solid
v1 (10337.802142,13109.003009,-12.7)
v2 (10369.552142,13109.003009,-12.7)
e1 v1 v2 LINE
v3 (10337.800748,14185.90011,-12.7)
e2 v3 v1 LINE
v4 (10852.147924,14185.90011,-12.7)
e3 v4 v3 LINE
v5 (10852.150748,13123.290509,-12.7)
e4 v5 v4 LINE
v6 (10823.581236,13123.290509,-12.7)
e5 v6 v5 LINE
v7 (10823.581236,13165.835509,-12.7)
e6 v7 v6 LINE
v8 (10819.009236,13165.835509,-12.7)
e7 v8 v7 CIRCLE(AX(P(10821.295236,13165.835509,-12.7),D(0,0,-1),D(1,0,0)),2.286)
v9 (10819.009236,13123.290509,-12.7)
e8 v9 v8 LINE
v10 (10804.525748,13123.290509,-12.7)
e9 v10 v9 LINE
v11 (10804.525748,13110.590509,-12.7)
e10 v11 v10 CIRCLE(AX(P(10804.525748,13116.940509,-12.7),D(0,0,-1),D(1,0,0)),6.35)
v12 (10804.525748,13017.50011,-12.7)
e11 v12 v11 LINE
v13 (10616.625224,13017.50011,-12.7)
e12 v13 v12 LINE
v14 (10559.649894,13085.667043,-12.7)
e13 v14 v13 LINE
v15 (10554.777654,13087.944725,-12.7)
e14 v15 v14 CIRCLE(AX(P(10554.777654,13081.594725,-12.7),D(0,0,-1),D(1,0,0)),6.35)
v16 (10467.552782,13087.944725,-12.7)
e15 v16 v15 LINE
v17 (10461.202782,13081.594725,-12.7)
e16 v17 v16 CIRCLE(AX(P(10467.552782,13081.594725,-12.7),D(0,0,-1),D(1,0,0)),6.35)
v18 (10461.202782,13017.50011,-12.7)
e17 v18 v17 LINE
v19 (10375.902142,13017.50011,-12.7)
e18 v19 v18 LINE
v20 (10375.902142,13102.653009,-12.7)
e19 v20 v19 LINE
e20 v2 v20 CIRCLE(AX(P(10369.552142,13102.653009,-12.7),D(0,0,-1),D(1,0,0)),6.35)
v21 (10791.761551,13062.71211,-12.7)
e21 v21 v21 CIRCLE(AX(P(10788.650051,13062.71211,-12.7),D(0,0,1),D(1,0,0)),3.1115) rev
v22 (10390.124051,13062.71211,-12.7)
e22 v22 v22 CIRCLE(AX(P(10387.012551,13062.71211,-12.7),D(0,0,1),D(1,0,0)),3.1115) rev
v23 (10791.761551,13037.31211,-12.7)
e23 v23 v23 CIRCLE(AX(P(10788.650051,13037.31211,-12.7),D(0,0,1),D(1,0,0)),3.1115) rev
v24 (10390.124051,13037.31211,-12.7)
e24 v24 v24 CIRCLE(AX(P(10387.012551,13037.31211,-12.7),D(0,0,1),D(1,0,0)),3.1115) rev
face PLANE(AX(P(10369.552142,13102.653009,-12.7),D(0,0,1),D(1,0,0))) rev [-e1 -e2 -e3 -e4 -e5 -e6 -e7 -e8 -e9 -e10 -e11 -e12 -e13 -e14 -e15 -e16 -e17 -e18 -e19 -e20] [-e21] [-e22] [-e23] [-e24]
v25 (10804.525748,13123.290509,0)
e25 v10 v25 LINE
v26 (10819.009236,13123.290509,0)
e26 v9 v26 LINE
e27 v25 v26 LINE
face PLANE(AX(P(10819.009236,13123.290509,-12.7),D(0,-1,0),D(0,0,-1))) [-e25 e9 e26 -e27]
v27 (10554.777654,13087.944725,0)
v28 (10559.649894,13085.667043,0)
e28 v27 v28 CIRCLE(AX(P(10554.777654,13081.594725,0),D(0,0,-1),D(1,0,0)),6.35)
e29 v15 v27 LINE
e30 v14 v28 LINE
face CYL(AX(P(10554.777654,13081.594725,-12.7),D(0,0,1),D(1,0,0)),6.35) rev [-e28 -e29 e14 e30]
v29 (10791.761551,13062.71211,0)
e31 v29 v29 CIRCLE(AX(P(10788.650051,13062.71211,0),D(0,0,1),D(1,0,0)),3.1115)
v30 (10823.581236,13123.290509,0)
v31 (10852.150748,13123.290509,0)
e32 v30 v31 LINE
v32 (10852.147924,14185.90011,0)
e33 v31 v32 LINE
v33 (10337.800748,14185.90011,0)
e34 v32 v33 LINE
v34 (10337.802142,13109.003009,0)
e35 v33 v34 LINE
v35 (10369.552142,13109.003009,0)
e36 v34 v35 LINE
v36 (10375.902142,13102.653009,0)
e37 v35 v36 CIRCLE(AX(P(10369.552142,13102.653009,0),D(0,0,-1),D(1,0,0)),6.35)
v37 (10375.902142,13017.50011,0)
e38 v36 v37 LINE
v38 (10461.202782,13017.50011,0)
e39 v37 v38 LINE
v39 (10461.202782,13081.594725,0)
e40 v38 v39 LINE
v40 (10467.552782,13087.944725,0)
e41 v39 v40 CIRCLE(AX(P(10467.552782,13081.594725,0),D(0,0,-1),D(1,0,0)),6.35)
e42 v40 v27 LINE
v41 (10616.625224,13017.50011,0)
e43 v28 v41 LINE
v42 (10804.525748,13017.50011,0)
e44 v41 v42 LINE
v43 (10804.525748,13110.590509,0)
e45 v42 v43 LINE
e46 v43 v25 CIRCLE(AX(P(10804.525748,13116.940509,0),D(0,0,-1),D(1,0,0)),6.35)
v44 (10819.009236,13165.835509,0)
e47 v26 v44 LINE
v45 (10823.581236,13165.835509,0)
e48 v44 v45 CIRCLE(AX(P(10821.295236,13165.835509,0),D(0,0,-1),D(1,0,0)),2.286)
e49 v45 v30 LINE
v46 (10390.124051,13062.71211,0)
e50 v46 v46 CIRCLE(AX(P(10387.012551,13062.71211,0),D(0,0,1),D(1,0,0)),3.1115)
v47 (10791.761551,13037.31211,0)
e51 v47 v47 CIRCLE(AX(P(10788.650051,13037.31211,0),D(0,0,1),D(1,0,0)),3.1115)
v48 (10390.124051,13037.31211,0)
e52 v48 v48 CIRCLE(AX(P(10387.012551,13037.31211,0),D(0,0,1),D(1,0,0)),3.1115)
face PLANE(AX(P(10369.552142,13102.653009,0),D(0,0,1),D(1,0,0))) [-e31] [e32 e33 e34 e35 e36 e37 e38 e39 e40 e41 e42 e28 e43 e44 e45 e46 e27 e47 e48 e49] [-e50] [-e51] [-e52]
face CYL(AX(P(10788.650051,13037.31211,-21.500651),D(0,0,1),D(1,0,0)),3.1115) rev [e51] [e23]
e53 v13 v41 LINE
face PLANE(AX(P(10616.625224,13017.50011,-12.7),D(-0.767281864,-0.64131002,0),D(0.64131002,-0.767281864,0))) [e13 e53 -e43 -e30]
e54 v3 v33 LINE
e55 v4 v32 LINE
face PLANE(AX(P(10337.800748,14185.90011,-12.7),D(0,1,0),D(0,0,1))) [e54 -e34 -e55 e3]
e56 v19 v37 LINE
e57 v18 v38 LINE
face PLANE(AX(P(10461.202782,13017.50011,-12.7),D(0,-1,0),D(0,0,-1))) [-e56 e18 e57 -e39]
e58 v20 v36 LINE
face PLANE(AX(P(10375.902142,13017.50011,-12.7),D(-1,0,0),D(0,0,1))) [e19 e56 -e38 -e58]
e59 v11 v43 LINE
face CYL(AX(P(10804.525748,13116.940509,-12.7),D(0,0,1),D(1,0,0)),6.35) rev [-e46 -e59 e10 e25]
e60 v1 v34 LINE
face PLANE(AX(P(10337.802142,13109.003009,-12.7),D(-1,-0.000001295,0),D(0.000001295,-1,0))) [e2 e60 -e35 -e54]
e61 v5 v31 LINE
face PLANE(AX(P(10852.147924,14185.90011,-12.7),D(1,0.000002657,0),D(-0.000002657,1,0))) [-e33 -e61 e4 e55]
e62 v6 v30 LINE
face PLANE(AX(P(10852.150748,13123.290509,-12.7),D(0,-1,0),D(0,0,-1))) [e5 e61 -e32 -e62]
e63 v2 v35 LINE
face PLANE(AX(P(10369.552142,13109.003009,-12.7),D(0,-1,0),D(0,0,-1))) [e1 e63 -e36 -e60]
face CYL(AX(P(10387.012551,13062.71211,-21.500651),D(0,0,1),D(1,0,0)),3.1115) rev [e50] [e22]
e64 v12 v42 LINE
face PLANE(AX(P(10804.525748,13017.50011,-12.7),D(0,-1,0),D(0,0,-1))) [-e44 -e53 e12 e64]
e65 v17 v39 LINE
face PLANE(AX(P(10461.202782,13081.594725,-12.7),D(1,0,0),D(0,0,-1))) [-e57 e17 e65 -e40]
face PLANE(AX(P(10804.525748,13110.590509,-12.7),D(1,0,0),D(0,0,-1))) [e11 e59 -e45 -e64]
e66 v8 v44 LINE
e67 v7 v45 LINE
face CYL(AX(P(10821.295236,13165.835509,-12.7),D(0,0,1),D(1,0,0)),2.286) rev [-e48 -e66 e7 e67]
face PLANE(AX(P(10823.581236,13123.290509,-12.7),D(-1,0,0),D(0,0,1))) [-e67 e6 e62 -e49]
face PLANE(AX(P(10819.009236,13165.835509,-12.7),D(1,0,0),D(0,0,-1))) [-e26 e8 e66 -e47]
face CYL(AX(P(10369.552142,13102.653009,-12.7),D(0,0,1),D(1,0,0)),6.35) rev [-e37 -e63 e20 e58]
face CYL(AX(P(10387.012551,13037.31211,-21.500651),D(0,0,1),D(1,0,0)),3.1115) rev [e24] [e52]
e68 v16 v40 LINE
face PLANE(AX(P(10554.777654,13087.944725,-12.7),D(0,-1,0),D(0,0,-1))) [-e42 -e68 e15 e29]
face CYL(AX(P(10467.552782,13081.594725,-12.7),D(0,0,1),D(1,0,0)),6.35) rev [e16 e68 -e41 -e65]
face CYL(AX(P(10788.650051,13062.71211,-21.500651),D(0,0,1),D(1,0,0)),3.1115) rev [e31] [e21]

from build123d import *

# Parameters (mm, degrees)
EXTRUDE1_DEPTH     = 12.7
SKETCH3_R          = 3.1115
CUT_EXTRUDE1_DEPTH = 12.7


with BuildPart() as part:
    # Sketch2 → Extrude1 (new body)
    with BuildSketch(Plane.XY):
        with BuildLine():
            Line((10375.902142089, 13017.500110193), (10375.902142089, 13102.653009206))
            ThreePointArc((10375.902142089, 13102.653009206), (10374.042270149, 13107.143137266), (10369.552142089, 13109.003009206))
            Line((10369.552142089, 13109.003009206), (10337.802142089, 13109.003009206))
            Line((10337.802142089, 13109.003009206), (10337.800747814, 14185.900110193))
            Line((10337.800747814, 14185.900110193), (10852.147924282, 14185.900110193))
            Line((10852.147924282, 14185.900110193), (10852.150747814, 13123.290509206))
            Line((10852.150747814, 13123.290509206), (10823.581236416, 13123.290509206))
            Line((10823.581236416, 13123.290509206), (10823.581236416, 13165.835509206))
            ThreePointArc((10823.581236416, 13165.835509206), (10821.295236416, 13168.121509206), (10819.009236416, 13165.835509206))
            Line((10819.009236416, 13165.835509206), (10819.009236416, 13123.290509206))
            Line((10819.009236416, 13123.290509206), (10804.525747814, 13123.290509206))
            ThreePointArc((10804.525747814, 13123.290509206), (10798.175747814, 13116.940509206), (10804.525747814, 13110.590509206))
            Line((10804.525747814, 13110.590509206), (10804.525747814, 13017.500110193))
            Line((10804.525747814, 13017.500110193), (10616.625223517, 13017.500110193))
            Line((10616.625223517, 13017.500110193), (10559.649893716, 13085.667043341))
            ThreePointArc((10559.649893716, 13085.667043341), (10557.466824452, 13087.347190416), (10554.77765388, 13087.944724716))
            Line((10554.77765388, 13087.944724716), (10467.552782059, 13087.944724716))
            ThreePointArc((10467.552782059, 13087.944724716), (10463.062653998, 13086.084852777), (10461.202782059, 13081.594724716))
            Line((10461.202782059, 13081.594724716), (10461.202782059, 13017.500110193))
            Line((10461.202782059, 13017.500110193), (10375.902142089, 13017.500110193))
        make_face()
    extrude(amount=-EXTRUDE1_DEPTH)

    # Sketch3 → Cut-Extrude1 (cut)
    with BuildSketch(Plane.XY):
        with Locations((10387.012550678, 13062.712110193)):
            Circle(SKETCH3_R)
        with Locations((10387.012550678, 13037.312110193)):
            Circle(SKETCH3_R)
        with Locations((10788.650050678, 13062.712110193)):
            Circle(SKETCH3_R)
        with Locations((10788.650050678, 13037.312110193)):
            Circle(SKETCH3_R)
    extrude(amount=-CUT_EXTRUDE1_DEPTH, mode=Mode.SUBTRACT)


solid = part.part
